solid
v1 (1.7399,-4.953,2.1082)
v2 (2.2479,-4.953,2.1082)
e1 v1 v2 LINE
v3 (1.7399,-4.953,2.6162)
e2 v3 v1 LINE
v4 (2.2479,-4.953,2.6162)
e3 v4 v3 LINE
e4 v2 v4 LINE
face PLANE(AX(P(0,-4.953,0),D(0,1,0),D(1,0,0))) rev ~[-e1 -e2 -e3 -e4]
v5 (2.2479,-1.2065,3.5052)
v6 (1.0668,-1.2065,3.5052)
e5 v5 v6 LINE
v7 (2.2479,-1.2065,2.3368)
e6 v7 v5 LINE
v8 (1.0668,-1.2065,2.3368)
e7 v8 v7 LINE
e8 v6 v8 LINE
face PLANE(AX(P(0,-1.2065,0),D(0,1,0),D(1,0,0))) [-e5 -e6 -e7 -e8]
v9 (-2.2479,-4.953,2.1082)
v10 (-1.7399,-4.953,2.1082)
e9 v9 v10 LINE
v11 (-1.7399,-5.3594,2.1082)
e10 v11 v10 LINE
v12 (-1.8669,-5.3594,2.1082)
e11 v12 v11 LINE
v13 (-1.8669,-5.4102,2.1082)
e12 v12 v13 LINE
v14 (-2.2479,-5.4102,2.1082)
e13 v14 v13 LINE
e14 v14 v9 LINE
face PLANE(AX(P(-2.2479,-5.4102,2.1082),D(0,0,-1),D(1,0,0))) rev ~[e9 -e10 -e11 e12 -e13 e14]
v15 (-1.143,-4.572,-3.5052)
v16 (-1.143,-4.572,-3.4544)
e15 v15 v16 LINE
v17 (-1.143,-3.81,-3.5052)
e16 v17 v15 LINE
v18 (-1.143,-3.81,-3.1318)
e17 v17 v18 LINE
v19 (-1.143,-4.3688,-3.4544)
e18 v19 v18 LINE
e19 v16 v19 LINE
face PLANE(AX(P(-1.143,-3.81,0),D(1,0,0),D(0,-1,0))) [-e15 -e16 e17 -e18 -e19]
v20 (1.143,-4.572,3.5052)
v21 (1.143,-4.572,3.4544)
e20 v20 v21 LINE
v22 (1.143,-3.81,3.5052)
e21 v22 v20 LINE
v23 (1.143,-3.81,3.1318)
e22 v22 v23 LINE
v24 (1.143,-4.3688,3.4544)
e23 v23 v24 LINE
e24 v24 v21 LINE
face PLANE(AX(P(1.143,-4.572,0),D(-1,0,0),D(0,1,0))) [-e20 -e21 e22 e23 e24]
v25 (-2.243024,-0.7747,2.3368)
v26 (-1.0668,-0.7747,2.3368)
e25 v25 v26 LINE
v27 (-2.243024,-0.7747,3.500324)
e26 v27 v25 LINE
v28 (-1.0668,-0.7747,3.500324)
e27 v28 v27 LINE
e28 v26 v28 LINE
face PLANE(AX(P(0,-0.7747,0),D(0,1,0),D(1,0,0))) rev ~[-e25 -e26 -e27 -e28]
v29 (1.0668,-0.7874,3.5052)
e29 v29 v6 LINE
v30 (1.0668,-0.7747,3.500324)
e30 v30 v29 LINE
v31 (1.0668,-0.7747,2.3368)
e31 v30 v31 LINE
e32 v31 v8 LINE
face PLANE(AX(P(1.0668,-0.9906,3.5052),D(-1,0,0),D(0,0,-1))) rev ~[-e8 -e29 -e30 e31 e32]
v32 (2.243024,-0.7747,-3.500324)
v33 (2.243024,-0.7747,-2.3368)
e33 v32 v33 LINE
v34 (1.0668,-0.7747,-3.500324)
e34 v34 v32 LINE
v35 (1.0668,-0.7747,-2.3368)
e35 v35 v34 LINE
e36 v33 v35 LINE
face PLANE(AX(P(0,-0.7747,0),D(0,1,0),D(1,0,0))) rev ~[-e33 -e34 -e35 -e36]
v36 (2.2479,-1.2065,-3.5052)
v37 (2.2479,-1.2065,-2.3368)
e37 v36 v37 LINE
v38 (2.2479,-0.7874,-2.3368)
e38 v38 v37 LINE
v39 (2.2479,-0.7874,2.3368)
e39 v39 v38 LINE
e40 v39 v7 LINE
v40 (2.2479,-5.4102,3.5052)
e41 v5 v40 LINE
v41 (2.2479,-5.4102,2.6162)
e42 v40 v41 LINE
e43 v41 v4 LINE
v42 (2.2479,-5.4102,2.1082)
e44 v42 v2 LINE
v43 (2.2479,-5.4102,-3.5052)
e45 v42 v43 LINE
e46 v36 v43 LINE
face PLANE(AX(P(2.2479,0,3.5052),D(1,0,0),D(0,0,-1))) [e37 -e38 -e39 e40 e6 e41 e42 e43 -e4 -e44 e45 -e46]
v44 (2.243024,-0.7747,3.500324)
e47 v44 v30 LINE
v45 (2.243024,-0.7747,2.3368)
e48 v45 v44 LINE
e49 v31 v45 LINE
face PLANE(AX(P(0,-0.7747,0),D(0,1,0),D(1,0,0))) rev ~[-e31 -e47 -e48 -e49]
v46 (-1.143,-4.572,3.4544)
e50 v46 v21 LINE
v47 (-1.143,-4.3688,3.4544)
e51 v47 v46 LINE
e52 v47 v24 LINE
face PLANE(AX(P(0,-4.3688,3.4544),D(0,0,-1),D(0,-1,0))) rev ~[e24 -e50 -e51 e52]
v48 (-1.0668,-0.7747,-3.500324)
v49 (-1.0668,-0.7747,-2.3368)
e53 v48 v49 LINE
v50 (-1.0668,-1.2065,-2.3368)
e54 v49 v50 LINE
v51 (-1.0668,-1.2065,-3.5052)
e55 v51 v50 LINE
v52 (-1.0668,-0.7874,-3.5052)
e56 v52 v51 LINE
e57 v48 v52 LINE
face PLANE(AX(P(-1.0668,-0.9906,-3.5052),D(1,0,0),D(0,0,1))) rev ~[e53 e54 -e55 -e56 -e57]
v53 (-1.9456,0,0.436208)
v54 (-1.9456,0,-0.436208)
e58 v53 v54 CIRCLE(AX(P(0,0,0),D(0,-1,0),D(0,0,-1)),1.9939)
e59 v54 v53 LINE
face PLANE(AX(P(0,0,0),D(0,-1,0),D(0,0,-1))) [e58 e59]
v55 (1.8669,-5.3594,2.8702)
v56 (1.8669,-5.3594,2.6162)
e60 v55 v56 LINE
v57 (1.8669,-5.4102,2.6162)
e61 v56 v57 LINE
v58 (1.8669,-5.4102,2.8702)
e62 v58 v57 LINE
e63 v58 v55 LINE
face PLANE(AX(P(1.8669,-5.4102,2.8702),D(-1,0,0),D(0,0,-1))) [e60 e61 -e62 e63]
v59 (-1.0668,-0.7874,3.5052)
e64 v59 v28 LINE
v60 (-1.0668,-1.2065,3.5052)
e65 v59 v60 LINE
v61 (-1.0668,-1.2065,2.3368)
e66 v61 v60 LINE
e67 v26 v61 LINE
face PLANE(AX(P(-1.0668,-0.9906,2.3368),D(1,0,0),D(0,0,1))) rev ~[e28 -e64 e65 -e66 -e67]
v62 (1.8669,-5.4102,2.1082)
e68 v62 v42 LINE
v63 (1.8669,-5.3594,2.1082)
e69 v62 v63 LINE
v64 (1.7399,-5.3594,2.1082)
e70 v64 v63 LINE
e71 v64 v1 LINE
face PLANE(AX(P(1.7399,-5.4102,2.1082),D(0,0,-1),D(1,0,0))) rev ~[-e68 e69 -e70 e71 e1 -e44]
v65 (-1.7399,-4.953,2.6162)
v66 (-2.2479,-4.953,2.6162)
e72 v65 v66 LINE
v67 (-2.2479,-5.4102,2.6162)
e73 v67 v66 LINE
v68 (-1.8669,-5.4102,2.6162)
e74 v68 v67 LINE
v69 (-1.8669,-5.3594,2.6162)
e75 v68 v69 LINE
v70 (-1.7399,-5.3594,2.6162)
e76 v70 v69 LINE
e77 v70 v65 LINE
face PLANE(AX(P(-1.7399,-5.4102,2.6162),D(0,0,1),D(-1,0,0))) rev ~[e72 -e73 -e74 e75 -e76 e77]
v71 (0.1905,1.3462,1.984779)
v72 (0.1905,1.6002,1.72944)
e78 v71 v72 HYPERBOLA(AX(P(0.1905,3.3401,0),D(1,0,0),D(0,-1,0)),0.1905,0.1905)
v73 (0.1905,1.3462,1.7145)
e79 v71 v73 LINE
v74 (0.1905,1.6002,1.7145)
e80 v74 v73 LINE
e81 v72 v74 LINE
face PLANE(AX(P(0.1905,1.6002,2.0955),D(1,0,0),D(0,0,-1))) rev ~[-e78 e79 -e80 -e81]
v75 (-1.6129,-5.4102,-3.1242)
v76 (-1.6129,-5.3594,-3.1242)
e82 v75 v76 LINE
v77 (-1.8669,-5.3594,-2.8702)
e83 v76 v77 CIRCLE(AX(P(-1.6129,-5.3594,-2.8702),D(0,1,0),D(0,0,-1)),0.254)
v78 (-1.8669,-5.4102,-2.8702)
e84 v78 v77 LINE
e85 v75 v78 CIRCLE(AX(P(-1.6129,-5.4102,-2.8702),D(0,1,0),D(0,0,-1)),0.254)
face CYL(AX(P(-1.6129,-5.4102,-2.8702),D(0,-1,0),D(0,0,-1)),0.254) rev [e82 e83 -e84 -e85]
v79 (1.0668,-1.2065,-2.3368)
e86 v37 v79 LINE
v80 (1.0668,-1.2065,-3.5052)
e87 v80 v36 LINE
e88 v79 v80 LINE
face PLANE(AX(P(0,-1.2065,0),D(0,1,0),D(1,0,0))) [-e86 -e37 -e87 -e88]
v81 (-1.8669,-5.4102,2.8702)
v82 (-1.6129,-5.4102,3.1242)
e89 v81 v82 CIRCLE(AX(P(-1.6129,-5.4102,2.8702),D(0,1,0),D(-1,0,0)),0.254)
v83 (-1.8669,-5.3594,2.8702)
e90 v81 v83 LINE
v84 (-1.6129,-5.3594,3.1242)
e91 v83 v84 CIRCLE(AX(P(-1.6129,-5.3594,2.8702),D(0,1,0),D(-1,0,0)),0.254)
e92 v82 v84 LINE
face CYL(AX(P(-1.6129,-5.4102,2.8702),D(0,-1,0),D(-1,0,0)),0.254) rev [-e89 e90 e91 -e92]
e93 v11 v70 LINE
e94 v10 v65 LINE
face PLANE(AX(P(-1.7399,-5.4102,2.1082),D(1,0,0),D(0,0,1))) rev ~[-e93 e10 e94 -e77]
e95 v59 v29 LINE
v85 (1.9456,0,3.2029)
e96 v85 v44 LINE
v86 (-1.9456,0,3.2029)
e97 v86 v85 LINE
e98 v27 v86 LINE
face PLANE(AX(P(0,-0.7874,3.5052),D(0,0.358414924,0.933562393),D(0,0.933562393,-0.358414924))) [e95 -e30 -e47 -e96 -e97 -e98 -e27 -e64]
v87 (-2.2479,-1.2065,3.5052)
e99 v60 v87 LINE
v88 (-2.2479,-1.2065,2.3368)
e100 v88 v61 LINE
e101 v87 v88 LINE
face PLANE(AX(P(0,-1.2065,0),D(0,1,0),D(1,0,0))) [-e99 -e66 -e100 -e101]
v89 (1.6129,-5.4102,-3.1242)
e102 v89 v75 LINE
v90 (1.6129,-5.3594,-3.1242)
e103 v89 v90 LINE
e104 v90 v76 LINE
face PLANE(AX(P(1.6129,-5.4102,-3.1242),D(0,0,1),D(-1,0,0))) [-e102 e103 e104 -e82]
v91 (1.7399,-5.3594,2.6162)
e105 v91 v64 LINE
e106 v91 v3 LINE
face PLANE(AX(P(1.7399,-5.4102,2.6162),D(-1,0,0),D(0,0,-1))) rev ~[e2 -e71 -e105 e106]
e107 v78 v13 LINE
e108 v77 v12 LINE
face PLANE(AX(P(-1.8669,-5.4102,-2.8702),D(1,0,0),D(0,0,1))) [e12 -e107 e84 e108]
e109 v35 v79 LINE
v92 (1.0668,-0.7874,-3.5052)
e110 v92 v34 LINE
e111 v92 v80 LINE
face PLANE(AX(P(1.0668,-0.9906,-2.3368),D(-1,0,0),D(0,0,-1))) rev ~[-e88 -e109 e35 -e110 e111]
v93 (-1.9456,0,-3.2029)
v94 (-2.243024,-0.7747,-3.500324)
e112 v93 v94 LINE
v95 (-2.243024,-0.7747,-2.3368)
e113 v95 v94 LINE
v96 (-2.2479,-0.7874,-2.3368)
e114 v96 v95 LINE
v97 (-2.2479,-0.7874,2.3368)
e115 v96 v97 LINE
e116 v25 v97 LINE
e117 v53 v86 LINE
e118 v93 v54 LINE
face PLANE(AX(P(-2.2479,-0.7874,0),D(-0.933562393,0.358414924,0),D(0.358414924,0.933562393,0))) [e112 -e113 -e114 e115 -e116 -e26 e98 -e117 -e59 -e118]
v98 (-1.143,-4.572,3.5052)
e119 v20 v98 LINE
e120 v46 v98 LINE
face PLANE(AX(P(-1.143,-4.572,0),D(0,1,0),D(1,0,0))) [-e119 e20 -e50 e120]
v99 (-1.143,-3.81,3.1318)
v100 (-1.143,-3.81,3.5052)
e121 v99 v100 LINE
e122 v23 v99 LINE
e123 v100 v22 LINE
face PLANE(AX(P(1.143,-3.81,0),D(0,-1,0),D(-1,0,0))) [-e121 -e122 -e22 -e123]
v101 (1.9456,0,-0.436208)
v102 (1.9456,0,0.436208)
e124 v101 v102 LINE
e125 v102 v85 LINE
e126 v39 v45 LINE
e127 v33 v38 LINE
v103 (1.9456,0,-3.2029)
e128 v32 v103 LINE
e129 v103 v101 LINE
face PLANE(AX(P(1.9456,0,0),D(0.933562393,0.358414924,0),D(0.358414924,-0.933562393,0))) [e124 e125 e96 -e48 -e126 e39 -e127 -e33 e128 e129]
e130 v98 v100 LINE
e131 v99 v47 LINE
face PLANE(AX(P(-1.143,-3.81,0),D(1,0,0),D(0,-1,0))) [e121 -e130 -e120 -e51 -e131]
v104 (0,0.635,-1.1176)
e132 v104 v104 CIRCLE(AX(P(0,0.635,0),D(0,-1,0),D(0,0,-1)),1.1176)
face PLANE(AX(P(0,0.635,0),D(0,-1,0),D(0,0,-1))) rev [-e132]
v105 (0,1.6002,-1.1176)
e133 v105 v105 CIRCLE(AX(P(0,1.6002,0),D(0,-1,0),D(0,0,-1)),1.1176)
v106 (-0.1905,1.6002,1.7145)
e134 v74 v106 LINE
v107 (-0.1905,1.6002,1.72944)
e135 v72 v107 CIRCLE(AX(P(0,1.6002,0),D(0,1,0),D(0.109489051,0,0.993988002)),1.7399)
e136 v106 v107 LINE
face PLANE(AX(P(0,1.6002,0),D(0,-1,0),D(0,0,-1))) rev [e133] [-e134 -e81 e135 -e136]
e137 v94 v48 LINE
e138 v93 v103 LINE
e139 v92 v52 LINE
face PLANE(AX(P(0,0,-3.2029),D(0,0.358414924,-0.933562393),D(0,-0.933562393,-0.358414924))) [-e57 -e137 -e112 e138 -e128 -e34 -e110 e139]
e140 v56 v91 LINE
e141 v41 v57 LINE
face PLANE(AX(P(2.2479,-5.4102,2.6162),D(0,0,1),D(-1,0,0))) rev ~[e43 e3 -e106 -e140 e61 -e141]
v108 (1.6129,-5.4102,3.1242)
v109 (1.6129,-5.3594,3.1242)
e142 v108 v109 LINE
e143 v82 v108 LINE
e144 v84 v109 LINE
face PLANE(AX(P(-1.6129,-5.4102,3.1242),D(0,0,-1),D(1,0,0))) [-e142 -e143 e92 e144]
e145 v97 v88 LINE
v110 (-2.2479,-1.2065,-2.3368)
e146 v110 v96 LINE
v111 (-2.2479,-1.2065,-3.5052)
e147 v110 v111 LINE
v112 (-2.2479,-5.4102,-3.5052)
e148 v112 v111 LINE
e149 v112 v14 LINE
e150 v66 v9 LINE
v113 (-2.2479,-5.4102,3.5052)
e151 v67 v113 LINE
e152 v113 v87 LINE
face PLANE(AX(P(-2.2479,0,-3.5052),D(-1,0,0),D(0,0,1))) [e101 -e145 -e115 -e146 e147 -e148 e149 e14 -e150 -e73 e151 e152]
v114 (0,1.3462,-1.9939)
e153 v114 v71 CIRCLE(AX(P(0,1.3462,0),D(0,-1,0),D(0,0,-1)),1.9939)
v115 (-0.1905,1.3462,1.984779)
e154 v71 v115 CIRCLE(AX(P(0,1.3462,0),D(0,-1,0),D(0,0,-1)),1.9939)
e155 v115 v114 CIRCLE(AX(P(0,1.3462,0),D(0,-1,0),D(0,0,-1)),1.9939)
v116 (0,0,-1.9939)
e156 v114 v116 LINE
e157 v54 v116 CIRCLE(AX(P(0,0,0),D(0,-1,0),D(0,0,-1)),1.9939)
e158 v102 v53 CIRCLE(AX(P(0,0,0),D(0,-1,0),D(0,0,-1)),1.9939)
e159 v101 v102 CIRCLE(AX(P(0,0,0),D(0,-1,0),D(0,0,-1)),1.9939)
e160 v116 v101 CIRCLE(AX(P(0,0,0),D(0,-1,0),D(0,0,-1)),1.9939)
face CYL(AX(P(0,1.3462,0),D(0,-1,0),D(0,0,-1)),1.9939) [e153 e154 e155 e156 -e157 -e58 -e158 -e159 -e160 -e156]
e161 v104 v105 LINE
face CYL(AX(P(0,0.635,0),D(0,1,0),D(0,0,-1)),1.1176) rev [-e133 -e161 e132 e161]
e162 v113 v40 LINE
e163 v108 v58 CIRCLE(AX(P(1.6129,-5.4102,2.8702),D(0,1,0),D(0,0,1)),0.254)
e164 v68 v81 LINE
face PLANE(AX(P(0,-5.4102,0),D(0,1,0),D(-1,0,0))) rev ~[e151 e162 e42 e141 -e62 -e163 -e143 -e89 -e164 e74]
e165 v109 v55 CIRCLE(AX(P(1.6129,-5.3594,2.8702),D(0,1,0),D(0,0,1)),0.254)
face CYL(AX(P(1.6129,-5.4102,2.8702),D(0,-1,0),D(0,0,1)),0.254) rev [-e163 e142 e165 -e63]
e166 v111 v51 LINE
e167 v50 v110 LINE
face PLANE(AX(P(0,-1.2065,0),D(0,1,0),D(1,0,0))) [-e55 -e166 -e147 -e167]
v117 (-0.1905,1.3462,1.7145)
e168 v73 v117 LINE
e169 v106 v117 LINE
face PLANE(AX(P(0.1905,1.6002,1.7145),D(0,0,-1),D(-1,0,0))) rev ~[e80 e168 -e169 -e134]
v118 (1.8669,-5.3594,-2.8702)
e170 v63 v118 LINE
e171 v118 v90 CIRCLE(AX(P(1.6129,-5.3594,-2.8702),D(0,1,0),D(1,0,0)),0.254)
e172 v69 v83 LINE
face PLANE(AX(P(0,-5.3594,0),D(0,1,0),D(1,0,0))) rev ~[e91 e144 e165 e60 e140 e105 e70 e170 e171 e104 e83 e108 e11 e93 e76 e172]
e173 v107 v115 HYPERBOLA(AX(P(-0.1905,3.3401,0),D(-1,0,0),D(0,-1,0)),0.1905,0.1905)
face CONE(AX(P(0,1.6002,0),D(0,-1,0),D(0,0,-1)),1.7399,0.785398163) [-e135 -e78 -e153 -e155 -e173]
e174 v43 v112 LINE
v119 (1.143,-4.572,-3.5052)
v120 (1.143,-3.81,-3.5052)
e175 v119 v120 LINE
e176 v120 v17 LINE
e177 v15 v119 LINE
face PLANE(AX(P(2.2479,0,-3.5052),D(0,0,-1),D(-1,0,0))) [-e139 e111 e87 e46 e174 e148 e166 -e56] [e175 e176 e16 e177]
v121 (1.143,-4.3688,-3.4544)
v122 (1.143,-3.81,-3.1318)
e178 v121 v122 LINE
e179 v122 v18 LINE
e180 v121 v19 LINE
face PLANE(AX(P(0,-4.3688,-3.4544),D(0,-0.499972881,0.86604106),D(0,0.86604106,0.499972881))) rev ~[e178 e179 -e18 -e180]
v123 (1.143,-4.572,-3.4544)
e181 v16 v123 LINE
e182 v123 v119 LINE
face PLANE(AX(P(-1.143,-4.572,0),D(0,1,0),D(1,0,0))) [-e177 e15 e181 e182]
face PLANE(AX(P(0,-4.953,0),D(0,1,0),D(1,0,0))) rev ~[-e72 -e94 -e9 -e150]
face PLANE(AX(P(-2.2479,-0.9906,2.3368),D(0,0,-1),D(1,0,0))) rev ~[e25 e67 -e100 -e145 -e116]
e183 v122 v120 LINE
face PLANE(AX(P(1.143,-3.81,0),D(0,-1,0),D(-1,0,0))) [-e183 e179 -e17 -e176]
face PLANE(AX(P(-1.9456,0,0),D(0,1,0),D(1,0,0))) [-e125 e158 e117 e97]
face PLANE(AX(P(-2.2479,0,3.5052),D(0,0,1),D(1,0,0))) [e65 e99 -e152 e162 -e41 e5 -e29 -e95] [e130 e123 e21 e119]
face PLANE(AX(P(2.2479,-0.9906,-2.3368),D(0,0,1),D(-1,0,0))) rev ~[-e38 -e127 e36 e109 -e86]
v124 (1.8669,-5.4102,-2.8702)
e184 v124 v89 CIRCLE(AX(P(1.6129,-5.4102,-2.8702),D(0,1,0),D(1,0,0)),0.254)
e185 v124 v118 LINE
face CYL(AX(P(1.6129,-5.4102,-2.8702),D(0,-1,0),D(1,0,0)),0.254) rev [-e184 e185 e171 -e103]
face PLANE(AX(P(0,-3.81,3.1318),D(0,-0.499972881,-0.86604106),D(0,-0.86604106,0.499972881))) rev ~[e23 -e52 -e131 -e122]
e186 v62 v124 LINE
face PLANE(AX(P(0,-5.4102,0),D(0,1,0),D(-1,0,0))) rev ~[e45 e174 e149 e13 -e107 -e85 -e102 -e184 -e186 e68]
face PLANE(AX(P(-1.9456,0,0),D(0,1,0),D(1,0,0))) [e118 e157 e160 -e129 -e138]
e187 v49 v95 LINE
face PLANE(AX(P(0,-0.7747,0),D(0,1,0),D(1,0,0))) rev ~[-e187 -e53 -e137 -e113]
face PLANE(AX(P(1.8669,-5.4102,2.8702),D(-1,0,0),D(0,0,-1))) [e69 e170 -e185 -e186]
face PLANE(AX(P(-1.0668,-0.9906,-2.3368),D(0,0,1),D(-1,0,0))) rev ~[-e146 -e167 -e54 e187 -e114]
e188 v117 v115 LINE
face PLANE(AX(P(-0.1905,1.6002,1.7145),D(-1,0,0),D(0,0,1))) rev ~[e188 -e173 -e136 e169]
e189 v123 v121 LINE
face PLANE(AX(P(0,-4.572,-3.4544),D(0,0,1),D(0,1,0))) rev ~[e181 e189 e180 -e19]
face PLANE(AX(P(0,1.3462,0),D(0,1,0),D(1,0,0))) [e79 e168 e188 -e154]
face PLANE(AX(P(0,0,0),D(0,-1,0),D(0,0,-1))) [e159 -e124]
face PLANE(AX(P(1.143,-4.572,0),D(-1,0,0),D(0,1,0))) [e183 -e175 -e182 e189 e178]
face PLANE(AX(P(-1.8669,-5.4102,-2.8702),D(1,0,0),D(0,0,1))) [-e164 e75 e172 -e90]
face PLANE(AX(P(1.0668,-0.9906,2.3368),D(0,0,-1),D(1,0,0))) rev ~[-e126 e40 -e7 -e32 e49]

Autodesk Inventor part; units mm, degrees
sketch "Sketch_1" plane through (0, 0, 0) normal (0, 1, 0) x (-1, 0, 0)
  line L0 (2.2479, 3.5052) -> (-2.2479, 3.5052)
  line L1 (-2.2479, 3.5052) -> (-2.2479, -3.5052)
  line L2 (-2.2479, -3.5052) -> (2.2479, -3.5052)
  line L3 (2.2479, -3.5052) -> (2.2479, 3.5052)
extrude "Extrusion1" add sketch "Sketch_1" against normal blind 5.4102
sketch "Sketch_2" plane through (0, 0, 0) normal (0, 0, 1) x (1, 0, 0)
  line L0 (-2.2479, -0.7874) -> (-1.9456, 0)
  line L1 (-1.9456, 0) -> (1.9456, 0)
  line L2 (1.9456, 0) -> (2.2479, -0.7874)
  line L3 (2.2479, -0.7874) -> (2.2479, 0.127)
  line L4 (2.2479, 0.127) -> (-2.2479, 0.127)
  line L5 (-2.2479, 0.127) -> (-2.2479, -0.7874)
extrude "Extrusion2" cut sketch "Sketch_2" along normal mid plane 7.0104
sketch "Sketch_3" plane through (0, 0, 0) normal (1, 0, 0) x (0, 1, 0)
  line L0 (-0.7874, 3.5052) -> (0, 3.2029)
  line L1 (0, 3.2029) -> (0, -3.2029)
  line L2 (0, -3.2029) -> (-0.7874, -3.5052)
  line L3 (-0.7874, -3.5052) -> (0.127, -3.5052)
  line L4 (0.127, -3.5052) -> (0.127, 3.5052)
  line L5 (0.127, 3.5052) -> (-0.7874, 3.5052)
extrude "Extrusion3" cut sketch "Sketch_3" along normal mid plane 4.4958
sketch "Sketch_4" plane through (0, -0.9906, 0) normal (0, 1, 0) x (1, 0, 0)
  line L0 (-2.5256, 3.7556) -> (-2.5256, -3.7297)
  line L1 (-2.5256, -3.7297) -> (2.532, -3.7297)
  line L2 (2.532, -3.7297) -> (2.532, 3.7556)
  line L3 (2.532, 3.7556) -> (-2.5256, 3.7556)
  line L4 (-2.2479, 2.3368) -> (-2.2479, -2.3368)
  line L5 (-2.2479, -2.3368) -> (-1.0668, -2.3368)
  line L6 (-1.0668, -2.3368) -> (-1.0668, -3.5052)
  line L7 (-1.0668, -3.5052) -> (1.0668, -3.5052)
  line L8 (1.0668, -3.5052) -> (1.0668, -2.3368)
  line L9 (1.0668, -2.3368) -> (2.2479, -2.3368)
  line L10 (2.2479, -2.3368) -> (2.2479, 2.3368)
  line L11 (2.2479, 2.3368) -> (1.0668, 2.3368)
  line L12 (1.0668, 2.3368) -> (1.0668, 3.5052)
  line L13 (1.0668, 3.5052) -> (-1.0668, 3.5052)
  line L14 (-1.0668, 3.5052) -> (-1.0668, 2.3368)
  line L15 (-1.0668, 2.3368) -> (-2.2479, 2.3368)
extrude "Extrusion4" cut sketch "Sketch_4" along normal mid plane 0.4318
sketch "Sketch_5" plane through (0, 0, 0) normal (1, 0, 0) x (0, 1, 0)
  line L0 (0, 0) -> (1.6002, 0)
  line L1 (0.635, 0) -> (0.635, -1.1176)
  line L2 (0.635, -1.1176) -> (1.6002, -1.1176)
  line L3 (1.6002, -1.1176) -> (1.6002, -1.7399)
  line L4 (1.6002, -1.7399) -> (1.3462, -1.9939)
  line L5 (1.3462, -1.9939) -> (0, -1.9939)
  line L6 (0, -1.9939) -> (0, 0)
  line L7 (0, 0) -> (0.635, 0)
revolve "Revolution1" add sketch "Sketch_5" angle 360 about axis through (0, 0, 0) along (0, -1, 0)
sketch "Sketch_6" plane through (0, -5.4102, 0) normal (0, 1, 0) x (1, 0, 0)
  line L0 (-2.6354, 3.6285) -> (-2.6354, -3.6285)
  line L1 (-2.6354, -3.6285) -> (2.6743, -3.6285)
  line L2 (2.6743, -3.6285) -> (2.6743, 3.6285)
  line L3 (2.6743, 3.6285) -> (-2.6354, 3.6285)
  line L4 (-2.2479, -3.5052) -> (2.2479, -3.5052)
  line L5 (2.2479, -3.5052) -> (2.2479, -2.6162)
  line L6 (2.2479, -2.6162) -> (1.7399, -2.6162)
  line L7 (1.7399, -2.6162) -> (1.7399, -2.1082)
  line L8 (1.7399, -2.1082) -> (2.2479, -2.1082)
  line L9 (2.2479, -2.1082) -> (2.2479, 3.5052)
  line L10 (2.2479, 3.5052) -> (-2.2479, 3.5052)
  line L11 (-2.2479, 3.5052) -> (-2.2479, -2.1082)
  line L12 (-2.2479, -2.1082) -> (-1.7399, -2.1082)
  line L13 (-1.7399, -2.1082) -> (-1.7399, -2.6162)
  line L14 (-1.7399, -2.6162) -> (-2.2479, -2.6162)
  line L15 (-2.2479, -2.6162) -> (-2.2479, -3.5052)
extrude "Extrusion5" cut sketch "Sketch_6" along normal blind 0.4572
sketch "Sketch_7" plane through (0, -5.4102, 0) normal (0, 1, 0) x (1, 0, 0)
  line L0 (-1.8669, 2.8702) -> (-1.8669, -2.8702)
  arc A0 (-1.8669, -2.8702) -> (-1.6129, -3.1242) centre (-1.6129, -2.8702) ccw
  line L1 (-1.6129, -3.1242) -> (1.6129, -3.1242)
  arc A1 (1.6129, -3.1242) -> (1.8669, -2.8702) centre (1.6129, -2.8702) ccw
  line L2 (1.8669, -2.8702) -> (1.8669, 2.8702)
  arc A2 (1.8669, 2.8702) -> (1.6129, 3.1242) centre (1.6129, 2.8702) ccw
  line L3 (1.6129, 3.1242) -> (-1.6129, 3.1242)
  arc A3 (-1.6129, 3.1242) -> (-1.8669, 2.8702) centre (-1.6129, 2.8702) ccw
extrude "Extrusion6" cut sketch "Sketch_7" along normal blind 0.0508
sketch "Sketch_11" plane through (0, 1.6002, 0) normal (0, 1, 0) x (1, 0, 0)
  line L0 (-0.1905, -1.7145) -> (-0.1905, -2.0955)
  line L1 (-0.1905, -2.0955) -> (0.1905, -2.0955)
  line L2 (0.1905, -2.0955) -> (0.1905, -1.7145)
  line L3 (0.1905, -1.7145) -> (-0.1905, -1.7145)
extrude "Extrusion7" cut sketch "Sketch_11" against normal blind 0.254
sketch "Sketch_13" plane through (0, 0, 0) normal (0, 0, 1) x (1, 0, 0)
  line L0 (-1.143, -3.81) -> (-1.143, -4.572)
  line L1 (-1.143, -4.572) -> (1.143, -4.572)
  line L2 (1.143, -4.572) -> (1.143, -3.81)
  line L3 (1.143, -3.81) -> (-1.143, -3.81)
extrude "Extrusion8" cut sketch "Sketch_13" along normal mid plane 15.24
sketch "Sketch_14" plane through (0, 0, 0) normal (1, 0, 0) x (0, 1, 0)
  line L0 (-4.3688, 3.4544) -> (-4.572, 3.4544)
  line L1 (-4.572, 3.4544) -> (-4.572, -3.4544)
  line L2 (-4.572, -3.4544) -> (-4.3688, -3.4544)
  line L3 (-4.3688, -3.4544) -> (-3.81, -3.1318)
  line L4 (-3.81, -3.1318) -> (-3.81, 3.1318)
  line L5 (-3.81, 3.1318) -> (-4.3688, 3.4544)
extrude "Extrusion9" add sketch "Sketch_14" along normal mid plane 2.286
ref_plane "to_actuator_XY" through (0, 0, 0) normal (0, -1, 0) x (1, 0, 0)
ref_plane "to_actuator_YZ" through (0, 0, 0) normal (1, 0, 0) x (0, 0, 1)
ref_plane "to_actuator_ZX" through (0, 0, 0) normal (0, 0, 1) x (0, -1, 0)
ref_plane "to_dummy_XY" through (0, 0, 0) normal (0, -1, 0) x (1, 0, 0)
ref_plane "to_dummy_YZ" through (0, 0, 0) normal (1, 0, 0) x (0, 0, 1)
ref_plane "to_dummy_ZX" through (0, 0, 0) normal (0, 0, 1) x (0, -1, 0)
ref_plane "to_trmnl_hold_XY" through (0, -0.9906, 0) normal (0, 1, 0) x (1, 0, 0)
ref_plane "to_trmnl_hold_YZ" through (0, -0.9906, 0) normal (1, 0, 0) x (0, 0, -1)
ref_plane "to_trmnl_hold_ZX" through (0, -0.9906, 0) normal (0, 0, -1) x (0, 1, 0)
ref_plane "to_trmnls_XY" through (0, -4.9022, 0) normal (0, 1, 0) x (1, 0, 0)
ref_plane "to_trmnls_YZ" through (0, -4.9022, 0) normal (1, 0, 0) x (0, 0, -1)
ref_plane "to_trmnls_ZX" through (0, -4.9022, 0) normal (0, 0, -1) x (0, 1, 0)
properties part number "GP-body"
